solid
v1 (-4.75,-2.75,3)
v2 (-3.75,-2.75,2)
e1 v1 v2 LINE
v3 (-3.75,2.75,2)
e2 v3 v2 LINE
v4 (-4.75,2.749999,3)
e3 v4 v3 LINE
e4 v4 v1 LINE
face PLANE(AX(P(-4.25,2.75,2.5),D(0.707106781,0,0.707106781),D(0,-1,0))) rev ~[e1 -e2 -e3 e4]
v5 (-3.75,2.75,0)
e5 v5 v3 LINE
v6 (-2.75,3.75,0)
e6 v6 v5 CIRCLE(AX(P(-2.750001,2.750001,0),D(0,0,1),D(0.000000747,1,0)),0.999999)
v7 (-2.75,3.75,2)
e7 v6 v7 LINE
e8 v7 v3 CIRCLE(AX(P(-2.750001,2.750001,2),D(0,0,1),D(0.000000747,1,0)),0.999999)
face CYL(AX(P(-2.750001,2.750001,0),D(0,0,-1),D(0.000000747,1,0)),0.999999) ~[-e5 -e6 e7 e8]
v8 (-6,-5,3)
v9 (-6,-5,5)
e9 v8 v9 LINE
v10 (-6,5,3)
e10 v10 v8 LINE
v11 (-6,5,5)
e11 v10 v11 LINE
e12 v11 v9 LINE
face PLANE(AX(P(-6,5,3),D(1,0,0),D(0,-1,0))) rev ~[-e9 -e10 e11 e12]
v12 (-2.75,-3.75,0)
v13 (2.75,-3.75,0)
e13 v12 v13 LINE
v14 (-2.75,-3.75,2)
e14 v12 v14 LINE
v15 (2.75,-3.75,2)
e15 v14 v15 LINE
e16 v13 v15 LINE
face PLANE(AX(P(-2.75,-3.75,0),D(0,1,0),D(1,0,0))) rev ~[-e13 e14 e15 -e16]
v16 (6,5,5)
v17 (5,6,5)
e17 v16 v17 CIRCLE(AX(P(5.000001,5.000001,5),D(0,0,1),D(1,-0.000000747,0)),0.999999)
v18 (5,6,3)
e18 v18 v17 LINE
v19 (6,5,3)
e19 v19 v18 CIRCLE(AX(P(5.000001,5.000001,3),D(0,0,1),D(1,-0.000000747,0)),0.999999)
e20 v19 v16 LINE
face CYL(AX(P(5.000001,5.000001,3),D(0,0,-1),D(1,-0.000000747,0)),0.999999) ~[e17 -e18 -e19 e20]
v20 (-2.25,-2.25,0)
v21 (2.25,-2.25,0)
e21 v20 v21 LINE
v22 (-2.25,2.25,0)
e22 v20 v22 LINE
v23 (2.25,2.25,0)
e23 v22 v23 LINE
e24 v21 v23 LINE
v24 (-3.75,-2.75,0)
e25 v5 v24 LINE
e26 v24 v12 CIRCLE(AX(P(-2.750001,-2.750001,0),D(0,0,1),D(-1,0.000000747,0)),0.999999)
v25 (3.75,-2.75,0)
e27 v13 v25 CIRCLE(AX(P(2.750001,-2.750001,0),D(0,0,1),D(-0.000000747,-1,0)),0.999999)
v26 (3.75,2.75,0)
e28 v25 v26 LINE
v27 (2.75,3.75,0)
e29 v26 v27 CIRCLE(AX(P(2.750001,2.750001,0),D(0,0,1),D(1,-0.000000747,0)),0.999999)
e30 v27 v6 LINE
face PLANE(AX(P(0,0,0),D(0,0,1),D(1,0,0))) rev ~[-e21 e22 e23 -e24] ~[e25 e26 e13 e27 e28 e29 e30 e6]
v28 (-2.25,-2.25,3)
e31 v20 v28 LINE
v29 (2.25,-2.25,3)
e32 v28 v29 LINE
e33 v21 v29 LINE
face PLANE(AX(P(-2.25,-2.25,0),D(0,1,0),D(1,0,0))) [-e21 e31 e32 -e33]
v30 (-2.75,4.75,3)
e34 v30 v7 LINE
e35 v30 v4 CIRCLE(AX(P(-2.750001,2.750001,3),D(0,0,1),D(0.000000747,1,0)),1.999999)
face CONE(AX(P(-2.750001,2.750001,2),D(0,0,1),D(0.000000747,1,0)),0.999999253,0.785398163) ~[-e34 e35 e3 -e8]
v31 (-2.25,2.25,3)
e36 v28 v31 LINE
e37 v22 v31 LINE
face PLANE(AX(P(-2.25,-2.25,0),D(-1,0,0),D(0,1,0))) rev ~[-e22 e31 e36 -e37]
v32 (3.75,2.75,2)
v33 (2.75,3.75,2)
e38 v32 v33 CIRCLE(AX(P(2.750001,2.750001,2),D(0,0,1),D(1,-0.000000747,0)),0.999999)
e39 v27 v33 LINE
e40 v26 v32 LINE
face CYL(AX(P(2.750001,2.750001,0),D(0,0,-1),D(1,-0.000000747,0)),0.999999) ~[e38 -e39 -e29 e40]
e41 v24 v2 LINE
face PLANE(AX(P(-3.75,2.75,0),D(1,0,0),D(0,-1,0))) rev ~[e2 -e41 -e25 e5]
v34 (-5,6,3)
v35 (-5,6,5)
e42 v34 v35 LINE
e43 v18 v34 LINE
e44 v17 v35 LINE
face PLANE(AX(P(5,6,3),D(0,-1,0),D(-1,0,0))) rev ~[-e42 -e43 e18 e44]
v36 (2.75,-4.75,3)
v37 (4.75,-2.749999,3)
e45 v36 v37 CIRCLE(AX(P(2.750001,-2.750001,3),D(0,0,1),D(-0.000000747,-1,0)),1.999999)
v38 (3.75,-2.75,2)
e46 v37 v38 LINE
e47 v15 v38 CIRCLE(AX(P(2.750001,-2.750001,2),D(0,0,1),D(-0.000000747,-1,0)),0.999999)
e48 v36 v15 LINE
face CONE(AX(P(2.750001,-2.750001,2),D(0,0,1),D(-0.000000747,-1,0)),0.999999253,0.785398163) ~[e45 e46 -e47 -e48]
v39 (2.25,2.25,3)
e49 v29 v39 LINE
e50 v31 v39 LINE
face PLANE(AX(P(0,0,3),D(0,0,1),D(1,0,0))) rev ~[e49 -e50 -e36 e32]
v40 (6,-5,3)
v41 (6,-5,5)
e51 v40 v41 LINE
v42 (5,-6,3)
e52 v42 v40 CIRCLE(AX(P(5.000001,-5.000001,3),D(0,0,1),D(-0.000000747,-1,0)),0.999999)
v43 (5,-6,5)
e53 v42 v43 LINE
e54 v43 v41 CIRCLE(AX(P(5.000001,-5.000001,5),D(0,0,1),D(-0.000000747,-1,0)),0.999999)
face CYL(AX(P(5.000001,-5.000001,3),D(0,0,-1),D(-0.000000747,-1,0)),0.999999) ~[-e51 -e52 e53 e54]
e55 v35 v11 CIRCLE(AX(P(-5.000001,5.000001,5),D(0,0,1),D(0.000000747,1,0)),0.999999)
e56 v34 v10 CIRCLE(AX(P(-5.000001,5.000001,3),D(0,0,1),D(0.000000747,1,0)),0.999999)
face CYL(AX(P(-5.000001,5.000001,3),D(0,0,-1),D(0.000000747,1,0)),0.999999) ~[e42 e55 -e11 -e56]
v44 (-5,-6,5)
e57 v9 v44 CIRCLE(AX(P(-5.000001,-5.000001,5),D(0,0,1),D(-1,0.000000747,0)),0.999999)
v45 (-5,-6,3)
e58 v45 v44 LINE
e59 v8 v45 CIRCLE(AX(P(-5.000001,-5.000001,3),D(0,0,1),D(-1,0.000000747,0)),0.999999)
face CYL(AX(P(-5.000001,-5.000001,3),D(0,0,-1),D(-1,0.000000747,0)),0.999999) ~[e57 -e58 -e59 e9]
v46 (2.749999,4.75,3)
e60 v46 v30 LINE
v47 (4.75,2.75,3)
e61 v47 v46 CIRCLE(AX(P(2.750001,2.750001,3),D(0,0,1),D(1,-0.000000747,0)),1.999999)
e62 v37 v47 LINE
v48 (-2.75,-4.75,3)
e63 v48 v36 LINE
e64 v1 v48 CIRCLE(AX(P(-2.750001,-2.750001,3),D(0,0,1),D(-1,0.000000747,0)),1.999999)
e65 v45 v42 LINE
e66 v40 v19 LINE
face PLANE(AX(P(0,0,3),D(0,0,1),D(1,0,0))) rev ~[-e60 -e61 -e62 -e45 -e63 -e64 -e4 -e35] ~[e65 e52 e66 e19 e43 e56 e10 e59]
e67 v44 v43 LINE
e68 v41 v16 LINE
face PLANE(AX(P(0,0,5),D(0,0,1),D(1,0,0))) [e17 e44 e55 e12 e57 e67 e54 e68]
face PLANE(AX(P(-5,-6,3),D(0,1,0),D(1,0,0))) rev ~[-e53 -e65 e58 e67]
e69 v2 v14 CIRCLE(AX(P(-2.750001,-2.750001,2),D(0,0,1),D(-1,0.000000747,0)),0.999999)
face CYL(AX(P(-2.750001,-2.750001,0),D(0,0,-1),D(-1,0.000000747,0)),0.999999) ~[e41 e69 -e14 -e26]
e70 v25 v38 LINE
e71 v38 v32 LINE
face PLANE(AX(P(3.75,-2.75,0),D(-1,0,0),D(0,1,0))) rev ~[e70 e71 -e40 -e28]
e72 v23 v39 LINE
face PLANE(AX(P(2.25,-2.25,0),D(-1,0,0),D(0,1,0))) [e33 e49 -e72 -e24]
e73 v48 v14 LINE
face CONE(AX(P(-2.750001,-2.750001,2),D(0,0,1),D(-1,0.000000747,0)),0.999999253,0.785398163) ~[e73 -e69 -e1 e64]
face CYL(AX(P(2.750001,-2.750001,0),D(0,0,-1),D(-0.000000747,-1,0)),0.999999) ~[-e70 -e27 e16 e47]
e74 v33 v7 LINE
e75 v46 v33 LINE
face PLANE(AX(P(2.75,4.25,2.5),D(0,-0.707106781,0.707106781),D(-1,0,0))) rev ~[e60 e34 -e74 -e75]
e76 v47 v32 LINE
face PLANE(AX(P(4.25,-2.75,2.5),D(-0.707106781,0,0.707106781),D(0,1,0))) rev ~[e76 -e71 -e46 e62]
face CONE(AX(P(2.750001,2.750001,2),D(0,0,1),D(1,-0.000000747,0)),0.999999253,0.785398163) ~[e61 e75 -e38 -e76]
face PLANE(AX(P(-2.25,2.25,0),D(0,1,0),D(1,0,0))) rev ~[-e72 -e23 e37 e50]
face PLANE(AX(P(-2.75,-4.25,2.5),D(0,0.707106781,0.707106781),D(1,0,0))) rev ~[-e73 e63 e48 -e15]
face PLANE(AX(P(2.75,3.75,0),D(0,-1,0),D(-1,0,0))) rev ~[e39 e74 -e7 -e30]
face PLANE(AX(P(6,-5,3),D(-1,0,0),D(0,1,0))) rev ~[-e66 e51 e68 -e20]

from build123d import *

# Parameters (mm, degrees)
F0_W     = 4.5
F0_H     = 4.5
F1_DEPTH = 3
F3_DEPTH = 2
F4_SIZE  = 1


with BuildPart() as f1:
    # F0 (on Top) → F1 (new body)
    with BuildSketch(Plane.XY):
        with BuildLine():
            Line((-2.75, -3.75), (2.75, -3.75))
            ThreePointArc((2.75, -3.75), (3.457107, -3.457107), (3.75, -2.75))
            Line((3.75, -2.75), (3.75, 2.75))
            ThreePointArc((3.75, 2.75), (3.457107, 3.457107), (2.75, 3.75))
            Line((2.75, 3.75), (-2.75, 3.75))
            ThreePointArc((-2.75, 3.75), (-3.457107, 3.457107), (-3.75, 2.75))
            Line((-3.75, 2.75), (-3.75, -2.75))
            ThreePointArc((-3.75, -2.75), (-3.457107, -3.457107), (-2.75, -3.75))
        make_face()
        Rectangle(F0_W, F0_H, mode=Mode.SUBTRACT)
    extrude(amount=F1_DEPTH)

    # F2 (on face) → F3 (join)
    with BuildSketch(Plane.XY.offset(3)):
        with BuildLine():
            ThreePointArc((6, 5), (5.707107, 5.707107), (5, 6))
            Line((5, 6), (-5, 6))
            ThreePointArc((-5, 6), (-5.707107, 5.707107), (-6, 5))
            Line((-6, 5), (-6, -5))
            ThreePointArc((-6, -5), (-5.707107, -5.707107), (-5, -6))
            Line((-5, -6), (5, -6))
            ThreePointArc((5, -6), (5.707107, -5.707107), (6, -5))
            Line((6, -5), (6, 5))
        make_face()
    extrude(amount=F3_DEPTH)

    # F4
    f4_edges = [f1.edges().sort_by_distance(p)[0] for p in [
        (0, -3.75, 3),
    ]]
    chamfer(f4_edges, length=F4_SIZE)


solid = f1.part
